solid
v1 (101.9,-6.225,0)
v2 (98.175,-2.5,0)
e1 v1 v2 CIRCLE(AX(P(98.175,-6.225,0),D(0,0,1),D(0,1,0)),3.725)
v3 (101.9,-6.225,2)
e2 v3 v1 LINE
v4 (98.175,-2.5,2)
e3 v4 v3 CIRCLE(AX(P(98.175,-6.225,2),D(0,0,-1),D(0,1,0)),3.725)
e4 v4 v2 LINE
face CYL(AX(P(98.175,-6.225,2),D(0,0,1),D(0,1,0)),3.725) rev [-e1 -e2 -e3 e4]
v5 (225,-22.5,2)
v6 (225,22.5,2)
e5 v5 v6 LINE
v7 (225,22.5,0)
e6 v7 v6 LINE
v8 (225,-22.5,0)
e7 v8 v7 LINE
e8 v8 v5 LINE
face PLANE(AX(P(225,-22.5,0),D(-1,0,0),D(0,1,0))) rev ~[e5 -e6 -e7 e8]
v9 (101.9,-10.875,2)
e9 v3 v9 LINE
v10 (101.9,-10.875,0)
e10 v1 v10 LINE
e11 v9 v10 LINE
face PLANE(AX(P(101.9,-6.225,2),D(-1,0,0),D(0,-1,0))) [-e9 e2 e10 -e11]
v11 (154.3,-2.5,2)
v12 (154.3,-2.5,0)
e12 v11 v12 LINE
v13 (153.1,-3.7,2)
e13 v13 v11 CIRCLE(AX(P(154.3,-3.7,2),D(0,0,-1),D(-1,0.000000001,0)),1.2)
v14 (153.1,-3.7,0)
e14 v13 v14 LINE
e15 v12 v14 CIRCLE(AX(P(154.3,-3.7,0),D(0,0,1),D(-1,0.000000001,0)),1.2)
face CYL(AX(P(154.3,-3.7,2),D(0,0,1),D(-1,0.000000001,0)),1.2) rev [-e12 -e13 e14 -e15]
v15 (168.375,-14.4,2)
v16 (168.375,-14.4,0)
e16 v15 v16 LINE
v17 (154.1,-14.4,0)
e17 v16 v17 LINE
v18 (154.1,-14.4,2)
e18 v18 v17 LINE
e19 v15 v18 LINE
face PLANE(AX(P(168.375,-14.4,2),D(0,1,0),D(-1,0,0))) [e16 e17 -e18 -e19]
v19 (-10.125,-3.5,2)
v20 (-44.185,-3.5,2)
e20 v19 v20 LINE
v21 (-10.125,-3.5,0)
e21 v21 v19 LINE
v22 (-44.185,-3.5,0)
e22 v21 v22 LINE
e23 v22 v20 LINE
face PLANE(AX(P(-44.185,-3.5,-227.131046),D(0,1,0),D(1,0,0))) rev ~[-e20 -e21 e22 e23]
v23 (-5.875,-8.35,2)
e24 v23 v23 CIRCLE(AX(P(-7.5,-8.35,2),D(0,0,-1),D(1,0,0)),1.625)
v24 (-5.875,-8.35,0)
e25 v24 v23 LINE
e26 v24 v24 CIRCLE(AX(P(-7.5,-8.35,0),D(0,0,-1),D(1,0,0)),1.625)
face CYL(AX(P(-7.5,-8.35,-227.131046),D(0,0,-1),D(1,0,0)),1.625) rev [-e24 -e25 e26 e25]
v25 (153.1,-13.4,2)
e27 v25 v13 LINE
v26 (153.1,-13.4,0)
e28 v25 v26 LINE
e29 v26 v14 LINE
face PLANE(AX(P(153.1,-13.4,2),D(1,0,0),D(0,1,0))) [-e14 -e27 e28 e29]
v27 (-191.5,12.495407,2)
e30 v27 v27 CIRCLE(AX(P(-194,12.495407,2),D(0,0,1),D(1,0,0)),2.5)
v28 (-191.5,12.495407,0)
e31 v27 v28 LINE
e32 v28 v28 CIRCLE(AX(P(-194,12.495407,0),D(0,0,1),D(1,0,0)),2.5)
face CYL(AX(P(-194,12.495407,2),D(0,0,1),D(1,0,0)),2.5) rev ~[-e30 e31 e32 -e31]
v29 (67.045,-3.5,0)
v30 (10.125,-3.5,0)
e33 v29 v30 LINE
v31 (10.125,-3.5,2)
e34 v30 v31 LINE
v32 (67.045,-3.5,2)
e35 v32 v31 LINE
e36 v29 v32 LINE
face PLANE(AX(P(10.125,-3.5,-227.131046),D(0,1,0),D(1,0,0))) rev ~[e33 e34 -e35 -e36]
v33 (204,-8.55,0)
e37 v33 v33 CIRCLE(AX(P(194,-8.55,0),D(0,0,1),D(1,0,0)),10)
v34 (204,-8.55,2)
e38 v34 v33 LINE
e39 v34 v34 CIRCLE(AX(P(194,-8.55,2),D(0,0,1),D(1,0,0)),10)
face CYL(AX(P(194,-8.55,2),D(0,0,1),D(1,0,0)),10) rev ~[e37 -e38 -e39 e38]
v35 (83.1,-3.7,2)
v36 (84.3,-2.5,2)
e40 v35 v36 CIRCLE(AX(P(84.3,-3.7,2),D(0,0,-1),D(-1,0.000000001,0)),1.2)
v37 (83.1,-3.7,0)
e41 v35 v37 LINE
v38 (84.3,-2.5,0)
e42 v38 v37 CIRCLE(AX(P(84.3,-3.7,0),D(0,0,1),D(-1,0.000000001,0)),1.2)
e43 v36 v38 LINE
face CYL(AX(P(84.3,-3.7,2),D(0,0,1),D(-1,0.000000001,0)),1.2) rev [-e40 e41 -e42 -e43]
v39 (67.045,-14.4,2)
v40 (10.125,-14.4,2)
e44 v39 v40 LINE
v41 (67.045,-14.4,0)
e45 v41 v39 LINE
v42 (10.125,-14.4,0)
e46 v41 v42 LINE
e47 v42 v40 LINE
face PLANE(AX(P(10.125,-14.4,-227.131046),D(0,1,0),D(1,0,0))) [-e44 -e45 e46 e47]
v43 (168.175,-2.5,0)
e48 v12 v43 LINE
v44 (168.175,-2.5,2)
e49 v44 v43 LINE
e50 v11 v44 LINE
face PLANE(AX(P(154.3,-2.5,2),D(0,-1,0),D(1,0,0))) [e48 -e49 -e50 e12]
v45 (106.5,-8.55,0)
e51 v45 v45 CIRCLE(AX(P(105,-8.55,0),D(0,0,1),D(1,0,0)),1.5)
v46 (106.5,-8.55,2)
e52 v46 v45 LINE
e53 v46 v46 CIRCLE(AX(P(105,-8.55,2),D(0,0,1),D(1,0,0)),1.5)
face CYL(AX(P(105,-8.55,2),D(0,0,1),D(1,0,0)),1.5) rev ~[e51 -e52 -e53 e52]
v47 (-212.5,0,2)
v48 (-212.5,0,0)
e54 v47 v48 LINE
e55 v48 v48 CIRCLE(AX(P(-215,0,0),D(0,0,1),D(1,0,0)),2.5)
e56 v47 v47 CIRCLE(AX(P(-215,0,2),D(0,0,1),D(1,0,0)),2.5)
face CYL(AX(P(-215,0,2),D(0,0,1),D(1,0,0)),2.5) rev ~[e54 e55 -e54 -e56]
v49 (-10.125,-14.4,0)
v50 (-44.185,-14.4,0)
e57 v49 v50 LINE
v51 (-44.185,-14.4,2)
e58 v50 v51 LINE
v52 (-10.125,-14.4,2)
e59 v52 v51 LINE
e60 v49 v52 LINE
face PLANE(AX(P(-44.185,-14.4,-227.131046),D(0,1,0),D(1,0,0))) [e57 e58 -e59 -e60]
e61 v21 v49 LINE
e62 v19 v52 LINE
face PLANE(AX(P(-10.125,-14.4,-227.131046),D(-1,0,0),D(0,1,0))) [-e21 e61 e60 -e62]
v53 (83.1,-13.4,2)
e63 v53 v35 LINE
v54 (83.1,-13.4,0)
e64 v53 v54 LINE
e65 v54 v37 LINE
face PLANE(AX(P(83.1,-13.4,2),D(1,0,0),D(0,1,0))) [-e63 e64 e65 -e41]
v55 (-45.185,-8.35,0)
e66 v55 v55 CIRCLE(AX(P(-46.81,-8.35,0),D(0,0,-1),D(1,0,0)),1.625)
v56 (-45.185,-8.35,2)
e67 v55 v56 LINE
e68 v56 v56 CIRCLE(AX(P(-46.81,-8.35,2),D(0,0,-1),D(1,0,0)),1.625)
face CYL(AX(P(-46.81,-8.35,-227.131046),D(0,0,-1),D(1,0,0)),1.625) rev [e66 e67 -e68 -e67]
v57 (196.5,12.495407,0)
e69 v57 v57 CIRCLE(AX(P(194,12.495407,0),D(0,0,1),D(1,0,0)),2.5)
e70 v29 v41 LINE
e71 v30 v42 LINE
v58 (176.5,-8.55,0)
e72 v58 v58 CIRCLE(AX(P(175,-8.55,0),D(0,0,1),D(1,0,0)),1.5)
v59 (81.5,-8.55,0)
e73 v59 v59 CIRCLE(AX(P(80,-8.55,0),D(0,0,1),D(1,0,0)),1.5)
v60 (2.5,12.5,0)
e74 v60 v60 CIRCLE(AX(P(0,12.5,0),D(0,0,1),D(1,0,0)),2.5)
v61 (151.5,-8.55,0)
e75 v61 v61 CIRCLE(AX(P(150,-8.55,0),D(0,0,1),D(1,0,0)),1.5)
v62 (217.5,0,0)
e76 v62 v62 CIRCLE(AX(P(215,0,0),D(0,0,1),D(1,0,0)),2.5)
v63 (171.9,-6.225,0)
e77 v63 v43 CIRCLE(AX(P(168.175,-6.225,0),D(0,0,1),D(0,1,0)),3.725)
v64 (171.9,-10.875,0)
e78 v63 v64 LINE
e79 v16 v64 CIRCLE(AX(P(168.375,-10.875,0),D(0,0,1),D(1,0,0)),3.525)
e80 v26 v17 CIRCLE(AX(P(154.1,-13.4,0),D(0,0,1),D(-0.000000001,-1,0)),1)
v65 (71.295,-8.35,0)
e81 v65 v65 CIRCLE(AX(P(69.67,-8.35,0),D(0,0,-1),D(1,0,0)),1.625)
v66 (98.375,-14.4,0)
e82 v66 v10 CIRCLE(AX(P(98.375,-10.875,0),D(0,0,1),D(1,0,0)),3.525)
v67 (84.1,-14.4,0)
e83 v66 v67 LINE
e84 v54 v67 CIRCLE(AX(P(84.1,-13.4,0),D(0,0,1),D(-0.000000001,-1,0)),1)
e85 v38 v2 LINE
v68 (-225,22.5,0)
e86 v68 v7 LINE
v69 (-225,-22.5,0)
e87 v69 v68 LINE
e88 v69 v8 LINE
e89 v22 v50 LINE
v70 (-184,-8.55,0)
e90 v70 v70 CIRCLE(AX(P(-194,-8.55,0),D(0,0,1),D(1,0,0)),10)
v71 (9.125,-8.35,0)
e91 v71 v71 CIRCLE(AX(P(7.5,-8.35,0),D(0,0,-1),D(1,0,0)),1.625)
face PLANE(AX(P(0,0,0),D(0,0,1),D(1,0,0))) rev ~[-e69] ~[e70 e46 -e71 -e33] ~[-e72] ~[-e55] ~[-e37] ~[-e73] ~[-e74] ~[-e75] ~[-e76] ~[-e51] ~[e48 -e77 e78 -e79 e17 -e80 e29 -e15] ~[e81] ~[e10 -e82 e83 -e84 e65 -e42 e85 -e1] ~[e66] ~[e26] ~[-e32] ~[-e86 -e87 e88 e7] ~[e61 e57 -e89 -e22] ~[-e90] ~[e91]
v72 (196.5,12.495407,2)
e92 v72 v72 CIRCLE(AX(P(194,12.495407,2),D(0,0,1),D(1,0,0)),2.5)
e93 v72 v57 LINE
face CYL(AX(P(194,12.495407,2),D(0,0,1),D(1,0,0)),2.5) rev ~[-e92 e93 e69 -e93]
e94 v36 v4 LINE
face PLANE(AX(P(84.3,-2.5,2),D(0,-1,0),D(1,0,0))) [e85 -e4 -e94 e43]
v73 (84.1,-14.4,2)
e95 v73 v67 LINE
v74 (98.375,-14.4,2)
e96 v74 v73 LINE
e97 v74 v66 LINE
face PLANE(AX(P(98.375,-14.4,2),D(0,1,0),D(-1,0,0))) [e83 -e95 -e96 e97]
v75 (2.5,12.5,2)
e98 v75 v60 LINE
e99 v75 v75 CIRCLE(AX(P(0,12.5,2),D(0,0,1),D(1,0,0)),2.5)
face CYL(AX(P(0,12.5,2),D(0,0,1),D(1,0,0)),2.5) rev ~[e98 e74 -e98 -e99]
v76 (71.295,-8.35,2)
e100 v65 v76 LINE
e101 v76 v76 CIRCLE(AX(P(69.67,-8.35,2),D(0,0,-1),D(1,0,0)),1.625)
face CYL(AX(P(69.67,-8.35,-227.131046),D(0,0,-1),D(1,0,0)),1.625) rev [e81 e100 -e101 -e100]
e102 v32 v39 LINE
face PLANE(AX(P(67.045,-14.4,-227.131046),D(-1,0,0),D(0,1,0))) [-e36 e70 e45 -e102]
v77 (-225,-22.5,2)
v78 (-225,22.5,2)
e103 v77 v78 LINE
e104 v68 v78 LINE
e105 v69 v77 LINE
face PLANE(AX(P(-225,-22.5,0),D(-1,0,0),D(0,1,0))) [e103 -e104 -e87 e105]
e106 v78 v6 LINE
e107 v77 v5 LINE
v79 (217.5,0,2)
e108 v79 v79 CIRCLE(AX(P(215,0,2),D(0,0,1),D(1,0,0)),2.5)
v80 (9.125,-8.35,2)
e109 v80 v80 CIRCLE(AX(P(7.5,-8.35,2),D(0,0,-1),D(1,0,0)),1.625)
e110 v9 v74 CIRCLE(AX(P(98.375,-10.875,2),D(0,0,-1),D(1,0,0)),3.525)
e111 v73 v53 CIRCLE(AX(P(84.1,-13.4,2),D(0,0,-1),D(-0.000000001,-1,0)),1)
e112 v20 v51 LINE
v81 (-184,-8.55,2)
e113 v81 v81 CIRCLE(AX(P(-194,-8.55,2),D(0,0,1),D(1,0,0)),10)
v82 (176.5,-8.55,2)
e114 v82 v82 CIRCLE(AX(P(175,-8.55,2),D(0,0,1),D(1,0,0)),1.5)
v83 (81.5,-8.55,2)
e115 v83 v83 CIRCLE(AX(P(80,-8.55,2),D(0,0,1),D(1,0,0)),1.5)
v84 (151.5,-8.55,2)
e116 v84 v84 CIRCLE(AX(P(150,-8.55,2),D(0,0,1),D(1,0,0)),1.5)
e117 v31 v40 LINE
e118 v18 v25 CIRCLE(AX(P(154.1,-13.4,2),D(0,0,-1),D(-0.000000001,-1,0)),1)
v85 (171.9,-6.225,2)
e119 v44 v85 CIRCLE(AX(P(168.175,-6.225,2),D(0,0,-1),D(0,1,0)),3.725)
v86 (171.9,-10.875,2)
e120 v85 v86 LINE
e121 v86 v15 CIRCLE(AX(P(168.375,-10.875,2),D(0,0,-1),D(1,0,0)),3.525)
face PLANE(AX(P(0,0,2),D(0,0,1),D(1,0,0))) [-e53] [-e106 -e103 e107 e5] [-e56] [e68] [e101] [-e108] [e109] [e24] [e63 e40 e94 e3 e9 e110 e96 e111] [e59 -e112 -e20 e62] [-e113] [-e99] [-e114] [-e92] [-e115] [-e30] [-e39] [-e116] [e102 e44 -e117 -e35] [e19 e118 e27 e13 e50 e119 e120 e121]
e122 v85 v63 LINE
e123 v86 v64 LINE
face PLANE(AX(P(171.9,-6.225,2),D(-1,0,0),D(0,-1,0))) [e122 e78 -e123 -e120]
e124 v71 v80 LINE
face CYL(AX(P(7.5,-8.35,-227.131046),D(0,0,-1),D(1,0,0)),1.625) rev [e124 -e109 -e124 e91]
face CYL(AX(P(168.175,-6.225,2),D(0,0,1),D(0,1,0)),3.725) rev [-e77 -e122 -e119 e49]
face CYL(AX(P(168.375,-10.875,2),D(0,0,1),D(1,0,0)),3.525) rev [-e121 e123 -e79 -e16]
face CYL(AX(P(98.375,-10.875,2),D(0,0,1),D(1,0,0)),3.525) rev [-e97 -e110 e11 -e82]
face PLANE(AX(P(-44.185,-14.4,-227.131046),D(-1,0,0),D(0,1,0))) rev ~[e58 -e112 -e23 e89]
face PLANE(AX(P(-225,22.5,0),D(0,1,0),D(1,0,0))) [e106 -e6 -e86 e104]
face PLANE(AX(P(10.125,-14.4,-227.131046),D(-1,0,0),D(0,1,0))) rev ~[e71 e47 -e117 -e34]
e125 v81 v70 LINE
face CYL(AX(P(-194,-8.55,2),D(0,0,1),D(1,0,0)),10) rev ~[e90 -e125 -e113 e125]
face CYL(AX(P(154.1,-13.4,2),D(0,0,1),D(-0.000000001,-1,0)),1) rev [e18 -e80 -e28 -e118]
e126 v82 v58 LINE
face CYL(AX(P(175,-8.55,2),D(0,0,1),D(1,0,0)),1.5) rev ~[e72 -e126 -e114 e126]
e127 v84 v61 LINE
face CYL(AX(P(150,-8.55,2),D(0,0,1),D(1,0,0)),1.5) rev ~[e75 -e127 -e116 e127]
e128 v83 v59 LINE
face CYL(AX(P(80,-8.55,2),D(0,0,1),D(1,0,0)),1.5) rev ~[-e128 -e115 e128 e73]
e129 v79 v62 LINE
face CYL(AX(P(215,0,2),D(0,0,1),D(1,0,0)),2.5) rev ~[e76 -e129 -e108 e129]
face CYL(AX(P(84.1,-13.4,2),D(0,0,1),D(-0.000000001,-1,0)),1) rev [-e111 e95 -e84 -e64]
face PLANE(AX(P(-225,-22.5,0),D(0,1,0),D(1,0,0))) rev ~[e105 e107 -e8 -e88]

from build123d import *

# Parameters (mm, degrees)
SKETCH1_W                      = 450
SKETCH1_H                      = 45
BOSS_EXTRUDE1_DEPTH            = 2
TERMINAL_12P_CUTOUT_DEPTH      = 227.131046077
TERMINAL_12P_CUTOUT_DEPTH_BACK = 227.131046077
SK_TERMINAL_12P_CUTOUT_R       = 1.625
SK_TERMINAL_12P_CUTOUT_W       = 56.92
SK_TERMINAL_12P_CUTOUT_H       = 10.9
SK_TERMINAL_12P_CUTOUT_W_2     = 34.06
SKETCH2_R                      = 2.5
CUT_EXTRUDE1_DEPTH             = 227.131046077
SKETCH3_R                      = 1.5
SKETCH3_R_2                    = 10
CUT_EXTRUDE2_DEPTH             = 10


with BuildPart() as part:
    # Sketch1 → Boss-Extrude1 (new body)
    with BuildSketch(Plane.XY):
        Rectangle(SKETCH1_W, SKETCH1_H)
    extrude(amount=BOSS_EXTRUDE1_DEPTH)

    # SK Terminal 12P cutout → Terminal 12P cutout (cut, two sides: drawn at the far end of the back side and taken through both)
    with BuildSketch(Plane.XY.offset(-TERMINAL_12P_CUTOUT_DEPTH_BACK)):
        with Locations((7.5, -8.35)):
            Circle(SK_TERMINAL_12P_CUTOUT_R)
        with Locations((69.67, -8.35)):
            Circle(SK_TERMINAL_12P_CUTOUT_R)
        with Locations((-46.81, -8.35)):
            Circle(SK_TERMINAL_12P_CUTOUT_R)
        with Locations((-7.5, -8.35)):
            Circle(SK_TERMINAL_12P_CUTOUT_R)
        with Locations((38.585, -8.95)):
            Rectangle(SK_TERMINAL_12P_CUTOUT_W, SK_TERMINAL_12P_CUTOUT_H)
        with Locations((-27.155, -8.95)):
            Rectangle(SK_TERMINAL_12P_CUTOUT_W_2, SK_TERMINAL_12P_CUTOUT_H)
    extrude(amount=TERMINAL_12P_CUTOUT_DEPTH + TERMINAL_12P_CUTOUT_DEPTH_BACK, mode=Mode.SUBTRACT)

    # Sketch2 → Cut-Extrude1 (cut, through all)
    with BuildSketch(Plane.XY.offset(2)):
        with Locations((-215, 0)):
            Circle(SKETCH2_R)
        with Locations((215, 0)):
            Circle(SKETCH2_R)
        with Locations((-194, 12.495407459)):
            Circle(SKETCH2_R)
        with Locations((194, 12.495407459)):
            Circle(SKETCH2_R)
        with Locations((0, 12.5)):
            Circle(SKETCH2_R)
    extrude(amount=-CUT_EXTRUDE1_DEPTH, mode=Mode.SUBTRACT)

    # Sketch3 → Cut-Extrude2 (cut)
    with BuildSketch(Plane.XY.offset(2)):
        with Locations((150, -8.55)):
            Circle(SKETCH3_R)
        with Locations((175, -8.55)):
            Circle(SKETCH3_R)
        with Locations((80, -8.55)):
            Circle(SKETCH3_R)
        with Locations((105, -8.55)):
            Circle(SKETCH3_R)
        with Locations((194, -8.55)):
            Circle(SKETCH3_R_2)
        with Locations((-194, -8.55)):
            Circle(SKETCH3_R_2)
        with BuildLine():
            Line((168.375, -14.4), (154.1, -14.4))
            ThreePointArc((154.1, -14.4), (153.392893219, -14.107106781), (153.1, -13.4))
            Line((153.1, -13.4), (153.1, -3.7))
            ThreePointArc((153.1, -3.7), (153.451471863, -2.851471863), (154.3, -2.5))
            Line((154.3, -2.5), (168.175, -2.5))
            ThreePointArc((168.175, -2.5), (170.80897276, -3.59102724), (171.9, -6.225))
            Line((171.9, -6.225), (171.9, -10.875))
            ThreePointArc((171.9, -10.875), (170.867551404, -13.367551404), (168.375, -14.4))
        make_face()
        with BuildLine():
            Line((98.375, -14.4), (84.1, -14.4))
            ThreePointArc((84.1, -14.4), (83.392893219, -14.107106781), (83.1, -13.4))
            Line((83.1, -13.4), (83.1, -3.7))
            ThreePointArc((83.1, -3.7), (83.451471863, -2.851471863), (84.3, -2.5))
            Line((84.3, -2.5), (98.175, -2.5))
            ThreePointArc((98.175, -2.5), (100.80897276, -3.59102724), (101.9, -6.225))
            Line((101.9, -6.225), (101.9, -10.875))
            ThreePointArc((101.9, -10.875), (100.867551404, -13.367551404), (98.375, -14.4))
        make_face()
    extrude(amount=-CUT_EXTRUDE2_DEPTH, mode=Mode.SUBTRACT)


solid = part.part
